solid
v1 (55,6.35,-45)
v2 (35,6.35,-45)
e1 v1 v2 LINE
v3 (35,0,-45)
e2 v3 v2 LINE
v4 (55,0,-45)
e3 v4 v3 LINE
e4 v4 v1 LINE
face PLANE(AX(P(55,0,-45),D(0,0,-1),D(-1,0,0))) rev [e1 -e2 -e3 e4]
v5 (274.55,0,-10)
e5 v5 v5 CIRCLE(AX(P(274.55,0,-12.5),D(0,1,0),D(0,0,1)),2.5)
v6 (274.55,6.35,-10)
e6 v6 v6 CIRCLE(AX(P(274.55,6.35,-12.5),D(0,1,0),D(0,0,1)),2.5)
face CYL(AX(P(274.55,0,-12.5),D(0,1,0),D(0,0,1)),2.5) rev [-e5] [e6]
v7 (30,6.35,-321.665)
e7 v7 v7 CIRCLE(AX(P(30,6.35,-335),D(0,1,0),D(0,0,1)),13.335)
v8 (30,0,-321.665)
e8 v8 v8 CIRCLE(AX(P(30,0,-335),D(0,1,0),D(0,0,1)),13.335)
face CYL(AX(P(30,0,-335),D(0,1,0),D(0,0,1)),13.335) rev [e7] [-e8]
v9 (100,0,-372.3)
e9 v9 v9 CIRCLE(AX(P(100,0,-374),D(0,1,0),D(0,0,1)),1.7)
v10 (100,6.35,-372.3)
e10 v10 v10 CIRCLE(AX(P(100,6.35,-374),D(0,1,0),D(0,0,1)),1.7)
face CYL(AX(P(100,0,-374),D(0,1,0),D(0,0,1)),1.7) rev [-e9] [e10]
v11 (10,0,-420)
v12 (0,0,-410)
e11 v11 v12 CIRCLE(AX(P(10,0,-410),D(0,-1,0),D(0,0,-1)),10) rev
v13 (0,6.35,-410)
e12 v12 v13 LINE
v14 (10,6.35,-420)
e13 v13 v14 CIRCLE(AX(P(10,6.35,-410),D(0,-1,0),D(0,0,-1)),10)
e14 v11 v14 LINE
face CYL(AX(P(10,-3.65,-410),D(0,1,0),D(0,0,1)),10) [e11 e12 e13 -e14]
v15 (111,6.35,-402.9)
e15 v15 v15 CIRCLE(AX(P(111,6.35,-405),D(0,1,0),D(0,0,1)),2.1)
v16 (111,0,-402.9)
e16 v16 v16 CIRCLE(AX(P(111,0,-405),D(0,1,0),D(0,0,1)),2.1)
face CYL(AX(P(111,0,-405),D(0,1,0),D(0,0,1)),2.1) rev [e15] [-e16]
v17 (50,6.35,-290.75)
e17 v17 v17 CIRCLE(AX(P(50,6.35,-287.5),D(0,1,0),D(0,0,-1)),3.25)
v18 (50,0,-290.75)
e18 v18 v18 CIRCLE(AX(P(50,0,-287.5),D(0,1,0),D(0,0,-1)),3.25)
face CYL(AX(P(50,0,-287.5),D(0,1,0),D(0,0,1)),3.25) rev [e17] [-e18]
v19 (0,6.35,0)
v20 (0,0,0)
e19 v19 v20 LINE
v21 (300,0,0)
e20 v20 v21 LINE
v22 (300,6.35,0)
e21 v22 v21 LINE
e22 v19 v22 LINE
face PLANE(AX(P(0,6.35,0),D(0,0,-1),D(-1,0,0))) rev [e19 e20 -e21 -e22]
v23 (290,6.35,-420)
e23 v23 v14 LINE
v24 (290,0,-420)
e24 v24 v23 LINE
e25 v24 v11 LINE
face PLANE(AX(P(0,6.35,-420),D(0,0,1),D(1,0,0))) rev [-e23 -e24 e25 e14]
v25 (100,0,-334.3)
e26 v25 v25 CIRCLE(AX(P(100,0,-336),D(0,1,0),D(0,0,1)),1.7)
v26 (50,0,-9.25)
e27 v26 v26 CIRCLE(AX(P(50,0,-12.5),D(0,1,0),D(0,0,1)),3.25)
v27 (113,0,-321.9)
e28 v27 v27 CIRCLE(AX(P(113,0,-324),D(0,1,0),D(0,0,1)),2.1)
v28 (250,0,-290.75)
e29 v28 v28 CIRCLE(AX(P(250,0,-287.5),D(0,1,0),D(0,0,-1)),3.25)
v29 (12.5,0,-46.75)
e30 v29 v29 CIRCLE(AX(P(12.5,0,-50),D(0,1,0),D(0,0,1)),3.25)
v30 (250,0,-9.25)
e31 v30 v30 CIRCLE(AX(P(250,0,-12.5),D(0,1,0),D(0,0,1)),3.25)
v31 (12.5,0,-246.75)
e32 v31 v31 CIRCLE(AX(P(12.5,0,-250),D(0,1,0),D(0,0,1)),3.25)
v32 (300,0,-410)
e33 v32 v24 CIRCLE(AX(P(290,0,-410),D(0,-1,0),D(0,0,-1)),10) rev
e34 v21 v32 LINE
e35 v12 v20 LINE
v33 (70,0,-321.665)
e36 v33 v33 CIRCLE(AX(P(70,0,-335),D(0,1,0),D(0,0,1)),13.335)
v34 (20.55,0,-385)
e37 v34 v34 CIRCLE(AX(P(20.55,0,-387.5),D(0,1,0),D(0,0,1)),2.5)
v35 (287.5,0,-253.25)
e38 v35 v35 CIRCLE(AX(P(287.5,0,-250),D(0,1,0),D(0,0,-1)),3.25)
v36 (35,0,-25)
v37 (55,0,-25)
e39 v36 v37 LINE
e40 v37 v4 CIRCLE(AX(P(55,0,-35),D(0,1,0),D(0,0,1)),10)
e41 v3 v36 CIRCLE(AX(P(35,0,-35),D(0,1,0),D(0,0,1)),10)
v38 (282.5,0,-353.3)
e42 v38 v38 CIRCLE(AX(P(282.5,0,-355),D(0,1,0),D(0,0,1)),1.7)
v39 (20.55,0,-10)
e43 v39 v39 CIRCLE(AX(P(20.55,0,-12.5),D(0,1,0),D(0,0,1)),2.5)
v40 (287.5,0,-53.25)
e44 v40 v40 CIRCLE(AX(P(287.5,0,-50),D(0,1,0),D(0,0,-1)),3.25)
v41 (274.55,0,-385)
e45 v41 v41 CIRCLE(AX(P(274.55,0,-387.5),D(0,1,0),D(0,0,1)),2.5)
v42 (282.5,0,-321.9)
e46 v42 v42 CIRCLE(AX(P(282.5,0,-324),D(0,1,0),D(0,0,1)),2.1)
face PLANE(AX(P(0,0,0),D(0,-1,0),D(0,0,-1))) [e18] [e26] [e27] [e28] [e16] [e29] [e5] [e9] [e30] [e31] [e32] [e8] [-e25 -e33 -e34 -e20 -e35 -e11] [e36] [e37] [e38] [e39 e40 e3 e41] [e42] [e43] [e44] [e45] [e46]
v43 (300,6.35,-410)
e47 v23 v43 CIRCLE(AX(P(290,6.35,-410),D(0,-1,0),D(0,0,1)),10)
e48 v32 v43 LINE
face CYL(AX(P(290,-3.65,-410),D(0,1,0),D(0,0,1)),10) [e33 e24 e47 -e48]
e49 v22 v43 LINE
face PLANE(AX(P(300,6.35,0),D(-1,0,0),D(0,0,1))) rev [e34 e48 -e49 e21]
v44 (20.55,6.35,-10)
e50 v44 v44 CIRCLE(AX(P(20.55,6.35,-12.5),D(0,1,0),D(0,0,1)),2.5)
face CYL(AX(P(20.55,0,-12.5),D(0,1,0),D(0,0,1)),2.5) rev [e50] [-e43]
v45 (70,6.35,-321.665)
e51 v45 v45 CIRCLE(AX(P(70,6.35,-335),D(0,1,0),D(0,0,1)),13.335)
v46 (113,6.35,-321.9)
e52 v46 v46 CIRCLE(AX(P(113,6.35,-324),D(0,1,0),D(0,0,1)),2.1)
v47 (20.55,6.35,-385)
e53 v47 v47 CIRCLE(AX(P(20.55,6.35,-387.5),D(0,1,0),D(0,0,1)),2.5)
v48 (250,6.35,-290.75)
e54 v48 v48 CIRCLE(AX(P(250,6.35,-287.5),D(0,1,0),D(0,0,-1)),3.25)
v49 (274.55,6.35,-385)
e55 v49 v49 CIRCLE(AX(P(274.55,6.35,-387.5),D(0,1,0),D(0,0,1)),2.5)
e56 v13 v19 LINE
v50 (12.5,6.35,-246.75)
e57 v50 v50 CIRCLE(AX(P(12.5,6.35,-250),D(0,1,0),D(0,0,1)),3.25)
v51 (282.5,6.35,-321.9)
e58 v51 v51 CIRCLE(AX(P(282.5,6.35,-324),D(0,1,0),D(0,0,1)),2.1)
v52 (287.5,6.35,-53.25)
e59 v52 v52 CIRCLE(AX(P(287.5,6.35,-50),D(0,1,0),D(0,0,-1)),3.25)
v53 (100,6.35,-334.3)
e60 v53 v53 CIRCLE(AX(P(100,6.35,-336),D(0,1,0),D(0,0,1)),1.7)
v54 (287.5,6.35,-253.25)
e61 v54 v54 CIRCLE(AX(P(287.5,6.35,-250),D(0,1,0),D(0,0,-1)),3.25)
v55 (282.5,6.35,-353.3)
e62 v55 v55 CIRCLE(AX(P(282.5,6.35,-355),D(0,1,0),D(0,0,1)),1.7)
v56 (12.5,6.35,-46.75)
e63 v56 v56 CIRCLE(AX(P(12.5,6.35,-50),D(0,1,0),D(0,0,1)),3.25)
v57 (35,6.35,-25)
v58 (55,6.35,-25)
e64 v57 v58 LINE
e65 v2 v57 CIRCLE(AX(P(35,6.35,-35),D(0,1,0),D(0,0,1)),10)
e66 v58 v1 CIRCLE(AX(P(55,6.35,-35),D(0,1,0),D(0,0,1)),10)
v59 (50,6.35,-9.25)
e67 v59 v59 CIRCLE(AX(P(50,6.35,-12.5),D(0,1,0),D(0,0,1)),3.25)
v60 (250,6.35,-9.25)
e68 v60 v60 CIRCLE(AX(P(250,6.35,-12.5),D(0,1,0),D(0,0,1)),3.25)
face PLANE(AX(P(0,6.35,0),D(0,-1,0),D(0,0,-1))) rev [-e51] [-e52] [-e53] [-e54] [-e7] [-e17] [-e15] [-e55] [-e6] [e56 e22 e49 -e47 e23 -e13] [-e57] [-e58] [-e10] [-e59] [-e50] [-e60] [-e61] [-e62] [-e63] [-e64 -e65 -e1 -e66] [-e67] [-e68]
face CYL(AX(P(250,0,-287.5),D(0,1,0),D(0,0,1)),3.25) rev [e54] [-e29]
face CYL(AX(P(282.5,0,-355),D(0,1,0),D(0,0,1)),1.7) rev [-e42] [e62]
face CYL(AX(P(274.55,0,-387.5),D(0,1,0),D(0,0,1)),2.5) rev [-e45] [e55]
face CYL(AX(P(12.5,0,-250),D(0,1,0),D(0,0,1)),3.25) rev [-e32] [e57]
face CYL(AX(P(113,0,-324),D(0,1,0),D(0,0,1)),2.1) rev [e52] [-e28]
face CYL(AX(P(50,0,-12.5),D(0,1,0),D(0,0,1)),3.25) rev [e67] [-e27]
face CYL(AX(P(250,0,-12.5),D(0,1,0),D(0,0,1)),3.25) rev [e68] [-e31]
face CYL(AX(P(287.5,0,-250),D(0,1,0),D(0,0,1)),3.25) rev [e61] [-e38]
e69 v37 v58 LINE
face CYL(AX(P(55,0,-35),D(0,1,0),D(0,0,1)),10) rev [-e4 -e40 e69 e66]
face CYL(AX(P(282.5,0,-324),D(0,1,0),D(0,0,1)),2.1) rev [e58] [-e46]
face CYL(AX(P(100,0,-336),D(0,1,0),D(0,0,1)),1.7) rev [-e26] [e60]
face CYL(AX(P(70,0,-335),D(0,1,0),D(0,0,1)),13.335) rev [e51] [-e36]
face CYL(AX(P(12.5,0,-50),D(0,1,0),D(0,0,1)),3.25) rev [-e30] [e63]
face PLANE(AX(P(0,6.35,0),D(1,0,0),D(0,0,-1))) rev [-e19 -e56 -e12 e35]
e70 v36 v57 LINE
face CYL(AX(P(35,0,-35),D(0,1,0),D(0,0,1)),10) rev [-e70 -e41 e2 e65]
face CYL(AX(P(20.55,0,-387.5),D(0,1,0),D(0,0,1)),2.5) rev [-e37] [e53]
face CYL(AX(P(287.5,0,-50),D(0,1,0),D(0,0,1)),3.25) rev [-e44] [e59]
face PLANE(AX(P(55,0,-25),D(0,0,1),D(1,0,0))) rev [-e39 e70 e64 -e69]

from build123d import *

# Parameters (mm, degrees)
SKETCH1_W           = 300
SKETCH1_H           = 420
BOSS_EXTRUDE1_DEPTH = 6.35
SKETCH3_R           = 3.25
CUT_EXTRUDE1_DEPTH  = 517.178576173
SKETCH4_R           = 2.5
CUT_EXTRUDE2_DEPTH  = 517.178576173
SKETCH6_R           = 1.7
CUT_EXTRUDE3_DEPTH  = 517.178576173
CUT_EXTRUDE4_DEPTH  = 10
SKETCH8_R           = 13.335
CUT_EXTRUDE5_DEPTH  = 517.178576173
SKETCH9_R           = 2.1
CUT_EXTRUDE6_DEPTH  = 517.178576173
CUT_EXTRUDE7_DEPTH  = 517.178576173


with BuildPart() as part:
    # Sketch1 → Boss-Extrude1 (new body)
    with BuildSketch(Plane(origin=(0, 0, 0), x_dir=(1, 0, 0), z_dir=(0, 1, 0))):
        with Locations((150, 210)):
            Rectangle(SKETCH1_W, SKETCH1_H)
    extrude(amount=BOSS_EXTRUDE1_DEPTH)

    # Sketch3 → Cut-Extrude1 (cut, through all)
    with BuildSketch(Plane(origin=(0, 6.35, 0), x_dir=(1, 0, 0), z_dir=(0, 1, 0))):
        with Locations(Location((50, 12.5, 0), (0, 0, 270))):
            Circle(SKETCH3_R)
        with Locations(Location((250, 12.5, 0), (0, 0, 270))):
            Circle(SKETCH3_R)
        with Locations(Location((12.5, 50, 0), (0, 0, 270))):
            Circle(SKETCH3_R)
        with Locations(Location((12.5, 250, 0), (0, 0, 270))):
            Circle(SKETCH3_R)
        with Locations(Location((250, 287.5, 0), (0, 0, 90))):
            Circle(SKETCH3_R)
        with Locations(Location((50, 287.5, 0), (0, 0, 90))):
            Circle(SKETCH3_R)
        with Locations(Location((287.5, 250, 0), (0, 0, 90))):
            Circle(SKETCH3_R)
        with Locations(Location((287.5, 50, 0), (0, 0, 90))):
            Circle(SKETCH3_R)
    extrude(amount=-CUT_EXTRUDE1_DEPTH, mode=Mode.SUBTRACT)

    # Sketch4 → Cut-Extrude2 (cut, through all)
    with BuildSketch(Plane(origin=(0, 6.35, 0), x_dir=(1, 0, 0), z_dir=(0, 1, 0))):
        with Locations(Location((20.55, 12.5, 0), (0, 0, 270))):
            Circle(SKETCH4_R)
        with Locations(Location((274.55, 12.5, 0), (0, 0, 270))):
            Circle(SKETCH4_R)
        with Locations(Location((20.55, 387.5, 0), (0, 0, 270))):
            Circle(SKETCH4_R)
        with Locations(Location((274.55, 387.5, 0), (0, 0, 270))):
            Circle(SKETCH4_R)
    extrude(amount=-CUT_EXTRUDE2_DEPTH, mode=Mode.SUBTRACT)

    # Sketch6 → Cut-Extrude3 (cut, through all)
    with BuildSketch(Plane(origin=(0, 6.35, 0), x_dir=(1, 0, 0), z_dir=(0, 1, 0))):
        with Locations(Location((282.5, 355, 0), (0, 0, 270))):
            Circle(SKETCH6_R)
        with Locations(Location((100, 336, 0), (0, 0, 270))):
            Circle(SKETCH6_R)
        with Locations(Location((100, 374, 0), (0, 0, 270))):
            Circle(SKETCH6_R)
    extrude(amount=-CUT_EXTRUDE3_DEPTH, mode=Mode.SUBTRACT)

    # Sketch7 → Cut-Extrude4 (cut)
    with BuildSketch(Plane(origin=(0, 6.35, 0), x_dir=(1, 0, 0), z_dir=(0, 1, 0))):
        with BuildLine():
            Line((290, 420), (300, 420))
            Line((300, 420), (300, 410))
            ThreePointArc((300, 410), (297.071067812, 417.071067812), (290, 420))
        make_face()
        with BuildLine():
            Line((10, 420), (0, 420))
            Line((0, 420), (0, 410))
            ThreePointArc((0, 410), (2.928932188, 417.071067812), (10, 420))
        make_face()
    extrude(amount=-CUT_EXTRUDE4_DEPTH, mode=Mode.SUBTRACT)

    # Sketch8 → Cut-Extrude5 (cut, through all)
    with BuildSketch(Plane(origin=(0, 6.35, 0), x_dir=(1, 0, 0), z_dir=(0, 1, 0))):
        with Locations(Location((70, 335, 0), (0, 0, 270))):
            Circle(SKETCH8_R)
        with Locations(Location((30, 335, 0), (0, 0, 270))):
            Circle(SKETCH8_R)
    extrude(amount=-CUT_EXTRUDE5_DEPTH, mode=Mode.SUBTRACT)

    # Sketch9 → Cut-Extrude6 (cut, through all)
    with BuildSketch(Plane(origin=(0, 6.35, 0), x_dir=(1, 0, 0), z_dir=(0, 1, 0))):
        with Locations(Location((282.5, 324, 0), (0, 0, 270))):
            Circle(SKETCH9_R)
        with Locations(Location((111, 405, 0), (0, 0, 270))):
            Circle(SKETCH9_R)
        with Locations(Location((113, 324, 0), (0, 0, 270))):
            Circle(SKETCH9_R)
    extrude(amount=-CUT_EXTRUDE6_DEPTH, mode=Mode.SUBTRACT)

    # Sketch10 → Cut-Extrude7 (cut, through all)
    with BuildSketch(Plane(origin=(0, 6.35, 0), x_dir=(1, 0, 0), z_dir=(0, 1, 0))):
        with BuildLine():
            Line((55, 25), (35, 25))
            ThreePointArc((35, 25), (25, 35), (35, 45))
            Line((35, 45), (55, 45))
            ThreePointArc((55, 45), (65, 35), (55, 25))
        make_face()
    extrude(amount=-CUT_EXTRUDE7_DEPTH, mode=Mode.SUBTRACT)


solid = part.part
